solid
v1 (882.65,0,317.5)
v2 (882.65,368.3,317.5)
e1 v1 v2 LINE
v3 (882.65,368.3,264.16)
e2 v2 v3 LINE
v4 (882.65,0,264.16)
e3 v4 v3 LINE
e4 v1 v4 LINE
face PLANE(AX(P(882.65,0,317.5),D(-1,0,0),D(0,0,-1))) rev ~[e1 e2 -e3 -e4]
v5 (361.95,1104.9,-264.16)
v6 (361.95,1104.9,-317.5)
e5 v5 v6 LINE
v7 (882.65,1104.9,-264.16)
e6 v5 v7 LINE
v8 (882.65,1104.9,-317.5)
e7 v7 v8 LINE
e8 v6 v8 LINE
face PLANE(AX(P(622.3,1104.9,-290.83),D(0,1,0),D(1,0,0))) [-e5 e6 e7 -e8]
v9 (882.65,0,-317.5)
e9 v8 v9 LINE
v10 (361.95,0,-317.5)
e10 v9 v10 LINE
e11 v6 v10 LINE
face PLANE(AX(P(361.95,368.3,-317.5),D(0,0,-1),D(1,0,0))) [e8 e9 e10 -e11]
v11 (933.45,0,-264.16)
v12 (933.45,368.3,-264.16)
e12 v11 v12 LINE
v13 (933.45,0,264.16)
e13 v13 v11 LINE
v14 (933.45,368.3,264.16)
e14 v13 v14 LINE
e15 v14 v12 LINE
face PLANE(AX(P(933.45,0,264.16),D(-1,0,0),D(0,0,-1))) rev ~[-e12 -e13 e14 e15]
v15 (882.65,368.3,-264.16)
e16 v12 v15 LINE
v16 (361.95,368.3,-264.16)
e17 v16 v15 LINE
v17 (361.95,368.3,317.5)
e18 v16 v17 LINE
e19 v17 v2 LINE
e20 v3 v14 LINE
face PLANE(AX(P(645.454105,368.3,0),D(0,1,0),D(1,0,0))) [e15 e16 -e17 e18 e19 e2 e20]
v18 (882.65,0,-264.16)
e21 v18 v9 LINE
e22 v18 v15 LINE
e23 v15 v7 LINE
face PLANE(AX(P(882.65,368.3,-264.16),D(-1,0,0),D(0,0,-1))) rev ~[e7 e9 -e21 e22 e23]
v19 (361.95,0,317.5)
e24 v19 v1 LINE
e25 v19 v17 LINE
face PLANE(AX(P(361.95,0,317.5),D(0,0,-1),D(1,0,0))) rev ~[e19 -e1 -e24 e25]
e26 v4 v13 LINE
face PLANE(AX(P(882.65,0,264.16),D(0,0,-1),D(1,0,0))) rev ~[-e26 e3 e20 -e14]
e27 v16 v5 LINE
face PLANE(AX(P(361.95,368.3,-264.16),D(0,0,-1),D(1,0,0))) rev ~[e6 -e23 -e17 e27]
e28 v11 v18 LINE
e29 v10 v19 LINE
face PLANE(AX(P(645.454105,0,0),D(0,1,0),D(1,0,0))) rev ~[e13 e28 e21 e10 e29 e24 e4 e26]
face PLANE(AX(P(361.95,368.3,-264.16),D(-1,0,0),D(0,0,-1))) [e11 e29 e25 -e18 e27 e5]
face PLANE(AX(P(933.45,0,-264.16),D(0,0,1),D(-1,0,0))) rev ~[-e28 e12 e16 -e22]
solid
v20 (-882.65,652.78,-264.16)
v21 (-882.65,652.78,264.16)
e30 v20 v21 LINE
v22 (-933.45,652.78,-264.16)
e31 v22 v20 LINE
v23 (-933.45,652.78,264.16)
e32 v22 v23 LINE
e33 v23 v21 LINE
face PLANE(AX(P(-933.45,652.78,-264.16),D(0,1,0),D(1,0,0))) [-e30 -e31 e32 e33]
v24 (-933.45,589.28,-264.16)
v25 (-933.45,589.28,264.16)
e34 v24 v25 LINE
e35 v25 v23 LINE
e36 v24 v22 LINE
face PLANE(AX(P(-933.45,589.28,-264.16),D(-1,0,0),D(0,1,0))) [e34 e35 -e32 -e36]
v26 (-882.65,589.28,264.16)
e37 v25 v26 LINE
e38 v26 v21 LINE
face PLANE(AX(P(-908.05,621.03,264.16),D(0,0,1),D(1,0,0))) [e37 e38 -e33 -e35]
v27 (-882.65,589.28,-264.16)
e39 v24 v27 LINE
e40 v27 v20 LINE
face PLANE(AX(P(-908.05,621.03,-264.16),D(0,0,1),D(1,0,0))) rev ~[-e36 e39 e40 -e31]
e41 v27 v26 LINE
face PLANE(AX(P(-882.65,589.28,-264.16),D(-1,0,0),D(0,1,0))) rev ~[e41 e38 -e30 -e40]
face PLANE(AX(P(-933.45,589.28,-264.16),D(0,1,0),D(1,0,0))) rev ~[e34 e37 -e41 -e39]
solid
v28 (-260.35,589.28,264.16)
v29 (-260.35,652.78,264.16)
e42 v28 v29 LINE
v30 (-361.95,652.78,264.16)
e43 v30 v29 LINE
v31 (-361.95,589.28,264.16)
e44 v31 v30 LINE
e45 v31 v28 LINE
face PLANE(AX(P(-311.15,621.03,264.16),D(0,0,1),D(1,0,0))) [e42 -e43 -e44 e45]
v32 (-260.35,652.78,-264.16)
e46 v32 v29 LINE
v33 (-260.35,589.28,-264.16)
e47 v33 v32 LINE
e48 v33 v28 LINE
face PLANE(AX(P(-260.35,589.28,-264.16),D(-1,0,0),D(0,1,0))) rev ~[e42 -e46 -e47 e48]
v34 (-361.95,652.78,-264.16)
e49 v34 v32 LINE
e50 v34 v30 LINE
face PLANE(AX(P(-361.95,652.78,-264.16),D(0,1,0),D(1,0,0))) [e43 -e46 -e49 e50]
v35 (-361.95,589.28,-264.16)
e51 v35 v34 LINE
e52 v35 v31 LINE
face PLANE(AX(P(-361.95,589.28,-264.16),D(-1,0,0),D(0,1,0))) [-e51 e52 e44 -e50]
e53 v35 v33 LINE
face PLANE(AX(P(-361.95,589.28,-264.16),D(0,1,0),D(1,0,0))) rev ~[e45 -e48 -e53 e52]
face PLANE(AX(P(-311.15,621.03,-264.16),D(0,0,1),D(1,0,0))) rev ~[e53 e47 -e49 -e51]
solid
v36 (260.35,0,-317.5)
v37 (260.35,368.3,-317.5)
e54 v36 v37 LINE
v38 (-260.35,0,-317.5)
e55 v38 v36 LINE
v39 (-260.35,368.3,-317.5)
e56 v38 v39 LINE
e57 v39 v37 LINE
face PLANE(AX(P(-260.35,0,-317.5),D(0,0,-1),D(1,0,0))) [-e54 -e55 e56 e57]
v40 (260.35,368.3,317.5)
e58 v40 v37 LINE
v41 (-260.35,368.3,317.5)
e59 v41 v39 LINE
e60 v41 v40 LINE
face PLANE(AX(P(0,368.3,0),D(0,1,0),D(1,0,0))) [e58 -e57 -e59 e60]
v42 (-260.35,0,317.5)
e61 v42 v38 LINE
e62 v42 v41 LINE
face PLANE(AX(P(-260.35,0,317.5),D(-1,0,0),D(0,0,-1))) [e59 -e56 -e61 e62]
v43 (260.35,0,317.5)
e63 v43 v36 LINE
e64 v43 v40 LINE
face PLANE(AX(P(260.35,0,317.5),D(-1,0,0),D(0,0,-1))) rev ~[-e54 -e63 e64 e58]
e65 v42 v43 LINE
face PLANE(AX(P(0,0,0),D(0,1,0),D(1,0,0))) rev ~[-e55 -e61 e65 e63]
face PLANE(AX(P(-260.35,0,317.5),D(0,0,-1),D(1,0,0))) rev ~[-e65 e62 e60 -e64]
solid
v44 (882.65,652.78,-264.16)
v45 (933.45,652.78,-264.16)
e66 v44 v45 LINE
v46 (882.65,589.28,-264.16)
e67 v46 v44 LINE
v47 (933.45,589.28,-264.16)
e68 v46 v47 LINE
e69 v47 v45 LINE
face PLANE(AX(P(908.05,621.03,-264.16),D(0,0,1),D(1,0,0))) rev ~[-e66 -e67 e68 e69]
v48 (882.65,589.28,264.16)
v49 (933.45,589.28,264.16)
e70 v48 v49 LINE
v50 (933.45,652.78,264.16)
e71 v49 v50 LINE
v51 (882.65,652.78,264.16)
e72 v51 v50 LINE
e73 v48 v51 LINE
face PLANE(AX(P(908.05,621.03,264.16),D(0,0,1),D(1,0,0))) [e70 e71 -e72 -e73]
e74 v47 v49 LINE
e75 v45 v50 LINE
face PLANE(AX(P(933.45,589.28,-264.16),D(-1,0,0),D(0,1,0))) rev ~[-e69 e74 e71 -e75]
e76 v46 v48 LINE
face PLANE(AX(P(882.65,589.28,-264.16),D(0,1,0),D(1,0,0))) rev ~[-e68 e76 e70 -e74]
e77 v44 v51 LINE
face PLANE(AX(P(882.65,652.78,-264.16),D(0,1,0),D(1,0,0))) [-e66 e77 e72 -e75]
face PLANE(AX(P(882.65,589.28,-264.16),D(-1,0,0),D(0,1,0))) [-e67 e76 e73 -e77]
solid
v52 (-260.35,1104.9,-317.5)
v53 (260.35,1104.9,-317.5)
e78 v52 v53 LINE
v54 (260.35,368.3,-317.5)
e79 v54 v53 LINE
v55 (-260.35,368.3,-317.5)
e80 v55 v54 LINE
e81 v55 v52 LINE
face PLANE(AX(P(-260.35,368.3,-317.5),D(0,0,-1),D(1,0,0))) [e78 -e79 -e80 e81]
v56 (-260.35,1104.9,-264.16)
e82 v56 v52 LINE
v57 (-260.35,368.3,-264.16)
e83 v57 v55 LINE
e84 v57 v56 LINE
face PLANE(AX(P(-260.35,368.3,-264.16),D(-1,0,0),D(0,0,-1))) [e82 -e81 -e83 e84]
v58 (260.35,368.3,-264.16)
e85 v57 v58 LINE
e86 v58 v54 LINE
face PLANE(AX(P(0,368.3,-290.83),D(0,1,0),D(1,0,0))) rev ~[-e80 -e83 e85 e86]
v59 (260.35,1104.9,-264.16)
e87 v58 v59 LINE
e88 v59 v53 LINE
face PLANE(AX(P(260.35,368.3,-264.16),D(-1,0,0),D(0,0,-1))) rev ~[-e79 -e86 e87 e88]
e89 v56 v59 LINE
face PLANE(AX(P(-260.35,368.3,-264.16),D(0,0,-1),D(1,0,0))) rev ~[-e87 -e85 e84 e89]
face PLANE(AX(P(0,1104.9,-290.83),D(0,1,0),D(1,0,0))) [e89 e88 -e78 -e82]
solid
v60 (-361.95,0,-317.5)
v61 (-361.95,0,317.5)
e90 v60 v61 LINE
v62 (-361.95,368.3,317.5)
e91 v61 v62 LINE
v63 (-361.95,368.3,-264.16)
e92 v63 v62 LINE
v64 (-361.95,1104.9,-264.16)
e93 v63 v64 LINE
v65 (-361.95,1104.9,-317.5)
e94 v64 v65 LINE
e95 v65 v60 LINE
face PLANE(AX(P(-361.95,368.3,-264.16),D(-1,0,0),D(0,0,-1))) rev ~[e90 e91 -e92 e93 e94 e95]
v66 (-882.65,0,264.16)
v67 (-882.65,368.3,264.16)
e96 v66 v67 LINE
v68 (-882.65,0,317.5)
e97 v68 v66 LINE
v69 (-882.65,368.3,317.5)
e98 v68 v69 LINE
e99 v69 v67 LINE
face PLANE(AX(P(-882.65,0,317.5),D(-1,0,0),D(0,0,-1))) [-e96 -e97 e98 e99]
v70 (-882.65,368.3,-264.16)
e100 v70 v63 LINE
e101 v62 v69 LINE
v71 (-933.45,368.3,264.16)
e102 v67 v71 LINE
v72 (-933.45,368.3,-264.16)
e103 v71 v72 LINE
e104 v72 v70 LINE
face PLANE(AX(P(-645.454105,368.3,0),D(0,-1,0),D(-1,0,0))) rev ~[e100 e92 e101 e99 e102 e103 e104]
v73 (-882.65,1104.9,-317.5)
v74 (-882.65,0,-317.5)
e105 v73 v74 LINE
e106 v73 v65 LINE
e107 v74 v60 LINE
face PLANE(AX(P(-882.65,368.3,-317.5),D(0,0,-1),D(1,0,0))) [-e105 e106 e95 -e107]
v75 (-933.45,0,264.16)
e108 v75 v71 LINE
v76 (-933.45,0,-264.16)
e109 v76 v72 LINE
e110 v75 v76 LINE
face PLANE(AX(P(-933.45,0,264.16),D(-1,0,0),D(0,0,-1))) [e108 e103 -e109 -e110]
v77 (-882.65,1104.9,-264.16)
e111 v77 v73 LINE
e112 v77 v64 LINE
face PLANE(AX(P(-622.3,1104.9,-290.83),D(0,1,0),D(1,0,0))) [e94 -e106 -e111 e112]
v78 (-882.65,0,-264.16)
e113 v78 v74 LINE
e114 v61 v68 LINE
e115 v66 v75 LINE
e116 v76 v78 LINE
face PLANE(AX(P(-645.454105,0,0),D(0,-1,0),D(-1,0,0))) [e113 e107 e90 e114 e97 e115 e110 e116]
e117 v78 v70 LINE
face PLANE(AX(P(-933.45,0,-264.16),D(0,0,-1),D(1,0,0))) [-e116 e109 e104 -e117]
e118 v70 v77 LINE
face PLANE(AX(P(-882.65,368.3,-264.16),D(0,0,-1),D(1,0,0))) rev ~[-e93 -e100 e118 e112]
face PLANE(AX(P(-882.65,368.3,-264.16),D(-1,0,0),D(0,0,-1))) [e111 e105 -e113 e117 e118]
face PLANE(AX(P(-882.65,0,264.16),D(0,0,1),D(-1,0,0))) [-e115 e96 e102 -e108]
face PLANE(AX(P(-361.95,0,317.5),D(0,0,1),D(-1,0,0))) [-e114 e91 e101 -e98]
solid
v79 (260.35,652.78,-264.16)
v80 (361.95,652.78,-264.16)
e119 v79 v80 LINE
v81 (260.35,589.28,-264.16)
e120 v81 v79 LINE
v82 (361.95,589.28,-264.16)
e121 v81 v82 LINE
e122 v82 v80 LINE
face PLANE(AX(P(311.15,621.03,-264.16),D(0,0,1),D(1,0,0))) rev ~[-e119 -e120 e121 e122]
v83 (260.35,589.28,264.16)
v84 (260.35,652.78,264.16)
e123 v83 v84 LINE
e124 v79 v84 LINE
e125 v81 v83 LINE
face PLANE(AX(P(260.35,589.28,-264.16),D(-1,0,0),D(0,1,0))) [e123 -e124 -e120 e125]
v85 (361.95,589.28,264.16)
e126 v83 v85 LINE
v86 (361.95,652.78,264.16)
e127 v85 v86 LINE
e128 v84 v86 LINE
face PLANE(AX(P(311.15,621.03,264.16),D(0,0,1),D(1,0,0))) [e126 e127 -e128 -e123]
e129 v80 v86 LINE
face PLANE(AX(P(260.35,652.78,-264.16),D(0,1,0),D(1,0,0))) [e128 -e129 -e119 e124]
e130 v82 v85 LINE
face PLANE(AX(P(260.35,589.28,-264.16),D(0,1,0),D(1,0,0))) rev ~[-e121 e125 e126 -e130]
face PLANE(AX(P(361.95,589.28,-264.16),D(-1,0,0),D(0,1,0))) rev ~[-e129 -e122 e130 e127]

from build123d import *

# Parameters (mm, degrees)
BOSS_EXTRUDE1_DEPTH   = 368.3
BOSS_EXTRUDE1_2_DEPTH = 368.3
SKETCH1_W             = 520.7
SKETCH1_H             = 635
BOSS_EXTRUDE1_3_DEPTH = 368.3
SKETCH2_W             = 520.7
SKETCH2_H             = 53.34
BOSS_EXTRUDE2_DEPTH   = 736.6
SKETCH3_W             = 50.8
SKETCH3_H             = 63.5
BOSS_EXTRUDE3_DEPTH   = 528.32
BOSS_EXTRUDE3_2_DEPTH = 528.32
SKETCH3_W_2           = 101.6
BOSS_EXTRUDE3_3_DEPTH = 528.32
BOSS_EXTRUDE3_4_DEPTH = 528.32


with BuildPart() as part:
    # Sketch1 → Boss-Extrude1 (new body)
    with BuildSketch(Plane(origin=(0, 0, 0), x_dir=(1, 0, 0), z_dir=(0, 1, 0))):
        Polygon((-933.45, 264.16), (-882.65, 264.16), (-882.65, 317.5), (-361.95, 317.5), (-361.95, -317.5), (-882.65, -317.5), (-882.65, -264.16), (-933.45, -264.16), align=None)
    extrude(amount=BOSS_EXTRUDE1_DEPTH)



with BuildPart() as body_2:
    # Sketch1 → Boss-Extrude1 2 (new body)
    with BuildSketch(Plane(origin=(0, 0, 0), x_dir=(1, 0, 0), z_dir=(0, 1, 0))):
        Polygon((361.95, -317.5), (882.65, -317.5), (882.65, -264.16), (933.45, -264.16), (933.45, 264.16), (882.65, 264.16), (882.65, 317.5), (361.95, 317.5), align=None)
    extrude(amount=BOSS_EXTRUDE1_2_DEPTH)


with BuildPart() as body_3:
    # Sketch1 → Boss-Extrude1 3 (new body)
    with BuildSketch(Plane(origin=(0, 0, 0), x_dir=(1, 0, 0), z_dir=(0, 1, 0))):
        Rectangle(SKETCH1_W, SKETCH1_H)
    extrude(amount=BOSS_EXTRUDE1_3_DEPTH)


with BuildPart() as part_1:
    add(part.part)

    add(body_2.part)  # Boss-Extrude2 merges body 2
    # Sketch2 → Boss-Extrude2 (add)
    with BuildSketch(Plane(origin=(0, 368.3, 0), x_dir=(1, 0, 0), z_dir=(0, 1, 0))):
        with Locations((-622.3, 290.83)):
            Rectangle(SKETCH2_W, SKETCH2_H)
        with Locations((622.3, 290.83)):
            Rectangle(SKETCH2_W, SKETCH2_H)
        with Locations((0, 290.83)):
            Rectangle(SKETCH2_W, SKETCH2_H)
    extrude(amount=BOSS_EXTRUDE2_DEPTH)


with BuildPart() as body_3_2:
    # Sketch3 → Boss-Extrude3 (new body)
    with BuildSketch(Plane.XY.offset(-264.16)):
        with Locations((-908.05, 621.03)):
            Rectangle(SKETCH3_W, SKETCH3_H)
    extrude(amount=BOSS_EXTRUDE3_DEPTH)


with BuildPart() as body_4:
    # Sketch3 → Boss-Extrude3 2 (new body)
    with BuildSketch(Plane.XY.offset(-264.16)):
        with Locations((908.05, 621.03)):
            Rectangle(SKETCH3_W, SKETCH3_H)
    extrude(amount=BOSS_EXTRUDE3_2_DEPTH)


with BuildPart() as body_5:
    # Sketch3 → Boss-Extrude3 3 (new body)
    with BuildSketch(Plane.XY.offset(-264.16)):
        with Locations((-311.15, 621.03)):
            Rectangle(SKETCH3_W_2, SKETCH3_H)
    extrude(amount=BOSS_EXTRUDE3_3_DEPTH)


with BuildPart() as body_6:
    # Sketch3 → Boss-Extrude3 4 (new body)
    with BuildSketch(Plane.XY.offset(-264.16)):
        with Locations((311.15, 621.03)):
            Rectangle(SKETCH3_W_2, SKETCH3_H)
    extrude(amount=BOSS_EXTRUDE3_4_DEPTH)


solid = Compound([body_3.part, part_1.part, body_3_2.part, body_4.part, body_5.part, body_6.part])
